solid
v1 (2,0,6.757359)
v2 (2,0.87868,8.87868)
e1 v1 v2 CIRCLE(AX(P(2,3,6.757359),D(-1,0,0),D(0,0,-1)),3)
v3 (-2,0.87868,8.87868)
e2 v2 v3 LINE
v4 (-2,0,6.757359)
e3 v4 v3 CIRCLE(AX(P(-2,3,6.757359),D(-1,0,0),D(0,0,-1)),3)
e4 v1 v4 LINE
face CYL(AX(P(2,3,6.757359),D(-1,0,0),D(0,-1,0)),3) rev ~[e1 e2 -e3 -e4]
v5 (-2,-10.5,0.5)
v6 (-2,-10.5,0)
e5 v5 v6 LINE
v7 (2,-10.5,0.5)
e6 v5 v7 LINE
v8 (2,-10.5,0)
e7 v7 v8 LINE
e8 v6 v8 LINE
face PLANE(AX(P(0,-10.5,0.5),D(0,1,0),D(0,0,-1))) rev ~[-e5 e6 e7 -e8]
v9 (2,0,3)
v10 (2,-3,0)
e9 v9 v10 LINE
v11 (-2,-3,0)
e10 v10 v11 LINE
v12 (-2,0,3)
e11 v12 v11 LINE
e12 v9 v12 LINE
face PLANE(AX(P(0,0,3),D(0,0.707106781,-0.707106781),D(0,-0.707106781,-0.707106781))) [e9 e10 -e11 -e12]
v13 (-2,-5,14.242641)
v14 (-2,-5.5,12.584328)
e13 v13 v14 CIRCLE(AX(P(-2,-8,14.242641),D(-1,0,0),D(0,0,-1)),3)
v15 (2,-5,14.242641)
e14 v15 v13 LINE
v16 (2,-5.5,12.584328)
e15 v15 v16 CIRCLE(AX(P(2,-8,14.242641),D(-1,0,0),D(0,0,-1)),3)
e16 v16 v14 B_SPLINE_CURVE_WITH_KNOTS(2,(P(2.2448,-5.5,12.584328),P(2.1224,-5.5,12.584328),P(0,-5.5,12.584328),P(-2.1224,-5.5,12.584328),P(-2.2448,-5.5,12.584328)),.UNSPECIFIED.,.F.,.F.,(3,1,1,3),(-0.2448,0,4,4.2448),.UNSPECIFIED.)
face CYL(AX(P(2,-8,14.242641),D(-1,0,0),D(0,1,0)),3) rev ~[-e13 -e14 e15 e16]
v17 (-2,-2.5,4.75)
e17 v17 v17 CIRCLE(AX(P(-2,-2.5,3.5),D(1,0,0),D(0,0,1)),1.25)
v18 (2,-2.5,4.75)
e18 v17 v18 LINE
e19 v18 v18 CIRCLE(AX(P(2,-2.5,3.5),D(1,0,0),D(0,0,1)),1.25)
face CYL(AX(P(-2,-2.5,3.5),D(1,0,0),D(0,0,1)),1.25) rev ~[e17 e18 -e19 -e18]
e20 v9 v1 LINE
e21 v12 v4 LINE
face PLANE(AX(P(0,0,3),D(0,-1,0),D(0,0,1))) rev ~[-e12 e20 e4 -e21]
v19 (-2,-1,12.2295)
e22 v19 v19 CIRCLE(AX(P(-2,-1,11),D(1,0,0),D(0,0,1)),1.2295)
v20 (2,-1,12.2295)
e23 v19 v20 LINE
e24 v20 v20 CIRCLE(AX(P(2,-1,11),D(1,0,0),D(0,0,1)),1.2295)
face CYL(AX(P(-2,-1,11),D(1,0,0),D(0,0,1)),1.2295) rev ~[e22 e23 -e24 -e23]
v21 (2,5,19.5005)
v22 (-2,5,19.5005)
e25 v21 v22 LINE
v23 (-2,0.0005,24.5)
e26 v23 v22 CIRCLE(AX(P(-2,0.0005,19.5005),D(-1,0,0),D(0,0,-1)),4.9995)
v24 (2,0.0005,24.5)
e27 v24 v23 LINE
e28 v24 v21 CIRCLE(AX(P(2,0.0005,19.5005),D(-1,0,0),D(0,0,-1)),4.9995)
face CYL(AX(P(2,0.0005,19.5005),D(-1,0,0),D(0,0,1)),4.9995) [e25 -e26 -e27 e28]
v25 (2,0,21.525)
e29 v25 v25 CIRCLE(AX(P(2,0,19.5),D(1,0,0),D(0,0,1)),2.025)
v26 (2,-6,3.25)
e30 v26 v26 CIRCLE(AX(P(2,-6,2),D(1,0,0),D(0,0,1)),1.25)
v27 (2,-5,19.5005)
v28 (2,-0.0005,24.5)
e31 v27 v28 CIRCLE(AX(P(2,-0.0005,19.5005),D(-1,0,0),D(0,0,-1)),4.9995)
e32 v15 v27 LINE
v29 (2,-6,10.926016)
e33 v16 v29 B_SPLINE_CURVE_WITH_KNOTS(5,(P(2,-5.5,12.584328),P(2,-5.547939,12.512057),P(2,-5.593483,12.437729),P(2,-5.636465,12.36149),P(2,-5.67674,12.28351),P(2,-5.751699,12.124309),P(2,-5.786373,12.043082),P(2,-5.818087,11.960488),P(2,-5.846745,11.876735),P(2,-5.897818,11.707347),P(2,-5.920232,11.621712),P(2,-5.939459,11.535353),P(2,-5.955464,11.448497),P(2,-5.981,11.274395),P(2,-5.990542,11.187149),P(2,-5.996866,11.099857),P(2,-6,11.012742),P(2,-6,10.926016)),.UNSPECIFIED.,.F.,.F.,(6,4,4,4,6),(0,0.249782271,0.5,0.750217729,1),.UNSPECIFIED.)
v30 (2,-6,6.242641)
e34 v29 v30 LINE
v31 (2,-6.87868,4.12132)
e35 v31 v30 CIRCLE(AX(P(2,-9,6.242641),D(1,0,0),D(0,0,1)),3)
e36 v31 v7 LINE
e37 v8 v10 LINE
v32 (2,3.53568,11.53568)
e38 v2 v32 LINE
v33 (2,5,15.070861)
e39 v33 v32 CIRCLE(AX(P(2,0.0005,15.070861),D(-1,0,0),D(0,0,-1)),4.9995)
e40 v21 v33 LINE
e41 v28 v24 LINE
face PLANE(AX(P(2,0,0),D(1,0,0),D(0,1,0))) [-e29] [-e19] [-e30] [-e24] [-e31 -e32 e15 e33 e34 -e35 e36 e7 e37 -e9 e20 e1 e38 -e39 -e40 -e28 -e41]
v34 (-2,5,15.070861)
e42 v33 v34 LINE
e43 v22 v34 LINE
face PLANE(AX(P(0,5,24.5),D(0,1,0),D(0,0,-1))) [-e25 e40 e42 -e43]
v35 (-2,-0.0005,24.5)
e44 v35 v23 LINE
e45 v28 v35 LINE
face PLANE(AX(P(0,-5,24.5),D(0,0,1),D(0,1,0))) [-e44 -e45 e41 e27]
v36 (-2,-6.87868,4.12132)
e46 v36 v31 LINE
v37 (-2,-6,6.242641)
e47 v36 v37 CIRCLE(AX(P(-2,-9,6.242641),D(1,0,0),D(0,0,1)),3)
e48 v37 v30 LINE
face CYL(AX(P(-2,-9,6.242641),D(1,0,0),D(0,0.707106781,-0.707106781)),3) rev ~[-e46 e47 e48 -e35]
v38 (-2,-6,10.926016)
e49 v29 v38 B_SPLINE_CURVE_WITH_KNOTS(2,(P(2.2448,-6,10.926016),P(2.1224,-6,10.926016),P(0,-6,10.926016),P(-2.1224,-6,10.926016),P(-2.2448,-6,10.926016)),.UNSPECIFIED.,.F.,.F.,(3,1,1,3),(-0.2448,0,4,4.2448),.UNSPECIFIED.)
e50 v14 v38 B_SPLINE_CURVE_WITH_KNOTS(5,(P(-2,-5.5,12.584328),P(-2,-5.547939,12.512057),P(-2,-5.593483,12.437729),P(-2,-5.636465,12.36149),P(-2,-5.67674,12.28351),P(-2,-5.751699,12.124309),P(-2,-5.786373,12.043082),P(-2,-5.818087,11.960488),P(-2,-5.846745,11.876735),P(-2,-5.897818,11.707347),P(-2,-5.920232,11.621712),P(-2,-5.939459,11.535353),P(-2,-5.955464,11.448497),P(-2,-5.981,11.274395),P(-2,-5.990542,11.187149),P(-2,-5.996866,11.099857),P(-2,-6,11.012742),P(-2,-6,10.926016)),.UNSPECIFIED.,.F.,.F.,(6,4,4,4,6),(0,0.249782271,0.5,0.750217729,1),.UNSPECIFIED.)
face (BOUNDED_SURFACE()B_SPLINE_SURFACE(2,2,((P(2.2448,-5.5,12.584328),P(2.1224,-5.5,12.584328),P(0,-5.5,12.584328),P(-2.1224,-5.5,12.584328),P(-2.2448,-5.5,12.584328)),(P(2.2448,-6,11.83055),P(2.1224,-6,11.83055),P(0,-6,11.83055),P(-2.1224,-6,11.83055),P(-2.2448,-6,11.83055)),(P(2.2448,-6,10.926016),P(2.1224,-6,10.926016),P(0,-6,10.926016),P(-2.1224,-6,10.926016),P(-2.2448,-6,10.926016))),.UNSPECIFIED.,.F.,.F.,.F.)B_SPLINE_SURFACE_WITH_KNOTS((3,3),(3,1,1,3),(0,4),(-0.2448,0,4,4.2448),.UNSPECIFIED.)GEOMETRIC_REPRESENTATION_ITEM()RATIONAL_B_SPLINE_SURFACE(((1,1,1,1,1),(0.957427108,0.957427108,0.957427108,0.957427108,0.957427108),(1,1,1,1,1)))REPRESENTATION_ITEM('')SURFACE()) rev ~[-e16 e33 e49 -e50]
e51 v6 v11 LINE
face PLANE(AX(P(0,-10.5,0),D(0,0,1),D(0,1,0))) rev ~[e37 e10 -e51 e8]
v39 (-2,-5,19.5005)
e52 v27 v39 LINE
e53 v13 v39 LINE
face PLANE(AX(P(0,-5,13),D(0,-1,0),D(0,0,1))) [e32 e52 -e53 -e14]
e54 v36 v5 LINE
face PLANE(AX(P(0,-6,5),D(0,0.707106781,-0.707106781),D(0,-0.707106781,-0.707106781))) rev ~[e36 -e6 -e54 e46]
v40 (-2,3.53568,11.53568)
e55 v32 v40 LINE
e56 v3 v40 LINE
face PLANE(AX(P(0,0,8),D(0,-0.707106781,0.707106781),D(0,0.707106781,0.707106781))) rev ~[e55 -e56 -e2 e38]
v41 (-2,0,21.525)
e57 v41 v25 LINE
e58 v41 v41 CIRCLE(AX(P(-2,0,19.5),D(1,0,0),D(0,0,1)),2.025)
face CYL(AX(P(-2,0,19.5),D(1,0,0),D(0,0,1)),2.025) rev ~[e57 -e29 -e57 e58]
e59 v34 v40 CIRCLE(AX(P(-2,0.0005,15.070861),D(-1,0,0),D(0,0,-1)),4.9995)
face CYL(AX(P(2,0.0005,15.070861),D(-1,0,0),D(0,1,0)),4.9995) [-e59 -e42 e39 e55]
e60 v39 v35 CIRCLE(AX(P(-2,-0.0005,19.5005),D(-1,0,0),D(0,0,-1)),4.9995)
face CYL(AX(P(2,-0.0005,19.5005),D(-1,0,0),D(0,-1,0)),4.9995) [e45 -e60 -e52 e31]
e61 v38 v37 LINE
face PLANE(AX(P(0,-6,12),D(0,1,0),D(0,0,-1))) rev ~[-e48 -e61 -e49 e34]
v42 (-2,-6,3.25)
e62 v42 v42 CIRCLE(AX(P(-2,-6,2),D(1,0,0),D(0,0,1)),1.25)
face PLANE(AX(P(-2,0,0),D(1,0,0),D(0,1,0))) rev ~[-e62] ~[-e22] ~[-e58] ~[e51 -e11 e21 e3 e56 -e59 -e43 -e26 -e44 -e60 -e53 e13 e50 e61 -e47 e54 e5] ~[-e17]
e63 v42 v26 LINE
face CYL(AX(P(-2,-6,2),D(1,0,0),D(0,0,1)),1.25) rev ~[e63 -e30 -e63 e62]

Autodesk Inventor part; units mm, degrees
ref_plane "YZ Plane" through (0, 0, 0) normal (1, 0, 0) x (0, 1, 0)
ref_plane "XZ Plane" through (0, 0, 0) normal (0, 1, 0) x (-1, 0, 0)
ref_plane "XY Plane" through (0, 0, 0) normal (0, 0, 1) x (1, 0, 0)
sketch "Skizze1" plane through (0, 0, 0) normal (1, 0, 0) x (0, 1, 0)
  line L0 (-6, 5) -> (-10.5, 0.5)
  line L1 (-10.5, 0) -> (-3, 0)
  line L2 (0, 3) -> (0, 8)
  line L3 (-10.5, 0.5) -> (-10.5, 0)
  line L4 (0, 8) -> (5, 13)
  line L5 (0, 8) -> (0, 19.5) construction
  circle A0 centre (0, 19.5) radius 0.5
  line L6 (-5, 13) -> (-5, 24.5)
  line L7 (-5, 24.5) -> (5, 24.5)
  line L8 (5, 24.5) -> (5, 13)
  line L9 (0, 3) -> (-3, 0)
  line L10 (-5, 13) -> (-6, 12)
  line L11 (-6, 12) -> (-6, 5)
  line L12 (5, 13) -> (-5, 13) construction
  point P0 (0, 0)
  point P1 (0, 0)
  dimension "d67" = 0.5
  dimension "d68" = 10.5
  dimension "d69" = 1
  dimension "d70" = 5
  dimension "d71" = 19.5
  dimension "d72" = 10
  dimension "d73" = 45
  dimension "d74" = 8
  dimension "d75" = 3
  dimension "d76" = 45
  dimension "d77" = 1
extrude "Extrusion1" add sketch "Skizze1" along normal mid plane 4
sketch "Skizze3" plane through (-2, 0, 0) normal (-1, 0, 0) x (0, 0, 1)
  line L0 (0, 8.1) -> (0, -13.6) projected
  circle A0 centre (19.5, 0) radius 0.5 projected
hole "Bohrung1" at (-2, 0, 19.5) direction (1, 0, 0) diameter 4.05 end through all
sketch "Skizze4" plane through (-2, 0, 0) normal (-1, 0, 0) x (0, 0, 1)
  line L0 (-4.9, 0) -> (29.4, 0) projected
  line L1 (0, 8.1) -> (0, -13.6) projected
  point P0 (11, -1)
  dimension "d36" = 1
  dimension "d37" = 11
hole "Bohrung2" at (-2, -1, 11) direction (1, 0, 0) diameter 2.459 end through all thread size "M3x0.5" class "6H" standard "ISO Metric profile"
fillet "Rundung2" radius 5 3 edges at (0, 5, 24.5) (0, -5, 24.5) (0, 5, 13)
fillet "Rundung4" radius 3 4 edges at (0, -5, 13) (0, -6, 12) (0, 0, 8) (0, -6, 5)
sketch "Skizze5" plane through (-2, 0, 0) normal (-1, 0, 0) x (0, 0, 1)
  line L0 (-4.9, 0) -> (29.4, 0) projected
  line L1 (0, 8.1) -> (0, -13.6) projected
  point P0 (0, 0)
  point P1 (3.7, -4)
  dimension "d38" = 4
  dimension "d39" = 3.7
hole "Bohrung3" [suppressed]
sketch "Skizze6" plane through (-2, 0, 0) normal (-1, 0, 0) x (0, 0, 1)
  line L0 (-4.9, 0) -> (29.4, 0) projected
  line L1 (0, 8.1) -> (0, -13.6) projected
  circle A0 centre (3.5, -2.5) radius 1.5 construction
  circle A1 centre (2, -6) radius 1.5 construction
  line L2 (6, 0) -> (6, -6) construction
  line L3 (10.926, -6) -> (6.2426, -6) construction
  point P0 (0, 0)
  dimension "d80" = 3
  dimension "d81" = 3
  dimension "d83" = 6
  dimension "d85" = 1
  dimension "d86" = 1
  dimension "d87" = 1.5
  dimension "d88" = 3.5
hole "Bohrung4" at (-2, -6, 2) at (-2, -2.5, 3.5) direction (1, 0, 0) diameter 2.5 end through all
mirror "Spiegeln1" [suppressed]
properties part number "Chip Schaufel Seite" material "Aluminium 6061"
